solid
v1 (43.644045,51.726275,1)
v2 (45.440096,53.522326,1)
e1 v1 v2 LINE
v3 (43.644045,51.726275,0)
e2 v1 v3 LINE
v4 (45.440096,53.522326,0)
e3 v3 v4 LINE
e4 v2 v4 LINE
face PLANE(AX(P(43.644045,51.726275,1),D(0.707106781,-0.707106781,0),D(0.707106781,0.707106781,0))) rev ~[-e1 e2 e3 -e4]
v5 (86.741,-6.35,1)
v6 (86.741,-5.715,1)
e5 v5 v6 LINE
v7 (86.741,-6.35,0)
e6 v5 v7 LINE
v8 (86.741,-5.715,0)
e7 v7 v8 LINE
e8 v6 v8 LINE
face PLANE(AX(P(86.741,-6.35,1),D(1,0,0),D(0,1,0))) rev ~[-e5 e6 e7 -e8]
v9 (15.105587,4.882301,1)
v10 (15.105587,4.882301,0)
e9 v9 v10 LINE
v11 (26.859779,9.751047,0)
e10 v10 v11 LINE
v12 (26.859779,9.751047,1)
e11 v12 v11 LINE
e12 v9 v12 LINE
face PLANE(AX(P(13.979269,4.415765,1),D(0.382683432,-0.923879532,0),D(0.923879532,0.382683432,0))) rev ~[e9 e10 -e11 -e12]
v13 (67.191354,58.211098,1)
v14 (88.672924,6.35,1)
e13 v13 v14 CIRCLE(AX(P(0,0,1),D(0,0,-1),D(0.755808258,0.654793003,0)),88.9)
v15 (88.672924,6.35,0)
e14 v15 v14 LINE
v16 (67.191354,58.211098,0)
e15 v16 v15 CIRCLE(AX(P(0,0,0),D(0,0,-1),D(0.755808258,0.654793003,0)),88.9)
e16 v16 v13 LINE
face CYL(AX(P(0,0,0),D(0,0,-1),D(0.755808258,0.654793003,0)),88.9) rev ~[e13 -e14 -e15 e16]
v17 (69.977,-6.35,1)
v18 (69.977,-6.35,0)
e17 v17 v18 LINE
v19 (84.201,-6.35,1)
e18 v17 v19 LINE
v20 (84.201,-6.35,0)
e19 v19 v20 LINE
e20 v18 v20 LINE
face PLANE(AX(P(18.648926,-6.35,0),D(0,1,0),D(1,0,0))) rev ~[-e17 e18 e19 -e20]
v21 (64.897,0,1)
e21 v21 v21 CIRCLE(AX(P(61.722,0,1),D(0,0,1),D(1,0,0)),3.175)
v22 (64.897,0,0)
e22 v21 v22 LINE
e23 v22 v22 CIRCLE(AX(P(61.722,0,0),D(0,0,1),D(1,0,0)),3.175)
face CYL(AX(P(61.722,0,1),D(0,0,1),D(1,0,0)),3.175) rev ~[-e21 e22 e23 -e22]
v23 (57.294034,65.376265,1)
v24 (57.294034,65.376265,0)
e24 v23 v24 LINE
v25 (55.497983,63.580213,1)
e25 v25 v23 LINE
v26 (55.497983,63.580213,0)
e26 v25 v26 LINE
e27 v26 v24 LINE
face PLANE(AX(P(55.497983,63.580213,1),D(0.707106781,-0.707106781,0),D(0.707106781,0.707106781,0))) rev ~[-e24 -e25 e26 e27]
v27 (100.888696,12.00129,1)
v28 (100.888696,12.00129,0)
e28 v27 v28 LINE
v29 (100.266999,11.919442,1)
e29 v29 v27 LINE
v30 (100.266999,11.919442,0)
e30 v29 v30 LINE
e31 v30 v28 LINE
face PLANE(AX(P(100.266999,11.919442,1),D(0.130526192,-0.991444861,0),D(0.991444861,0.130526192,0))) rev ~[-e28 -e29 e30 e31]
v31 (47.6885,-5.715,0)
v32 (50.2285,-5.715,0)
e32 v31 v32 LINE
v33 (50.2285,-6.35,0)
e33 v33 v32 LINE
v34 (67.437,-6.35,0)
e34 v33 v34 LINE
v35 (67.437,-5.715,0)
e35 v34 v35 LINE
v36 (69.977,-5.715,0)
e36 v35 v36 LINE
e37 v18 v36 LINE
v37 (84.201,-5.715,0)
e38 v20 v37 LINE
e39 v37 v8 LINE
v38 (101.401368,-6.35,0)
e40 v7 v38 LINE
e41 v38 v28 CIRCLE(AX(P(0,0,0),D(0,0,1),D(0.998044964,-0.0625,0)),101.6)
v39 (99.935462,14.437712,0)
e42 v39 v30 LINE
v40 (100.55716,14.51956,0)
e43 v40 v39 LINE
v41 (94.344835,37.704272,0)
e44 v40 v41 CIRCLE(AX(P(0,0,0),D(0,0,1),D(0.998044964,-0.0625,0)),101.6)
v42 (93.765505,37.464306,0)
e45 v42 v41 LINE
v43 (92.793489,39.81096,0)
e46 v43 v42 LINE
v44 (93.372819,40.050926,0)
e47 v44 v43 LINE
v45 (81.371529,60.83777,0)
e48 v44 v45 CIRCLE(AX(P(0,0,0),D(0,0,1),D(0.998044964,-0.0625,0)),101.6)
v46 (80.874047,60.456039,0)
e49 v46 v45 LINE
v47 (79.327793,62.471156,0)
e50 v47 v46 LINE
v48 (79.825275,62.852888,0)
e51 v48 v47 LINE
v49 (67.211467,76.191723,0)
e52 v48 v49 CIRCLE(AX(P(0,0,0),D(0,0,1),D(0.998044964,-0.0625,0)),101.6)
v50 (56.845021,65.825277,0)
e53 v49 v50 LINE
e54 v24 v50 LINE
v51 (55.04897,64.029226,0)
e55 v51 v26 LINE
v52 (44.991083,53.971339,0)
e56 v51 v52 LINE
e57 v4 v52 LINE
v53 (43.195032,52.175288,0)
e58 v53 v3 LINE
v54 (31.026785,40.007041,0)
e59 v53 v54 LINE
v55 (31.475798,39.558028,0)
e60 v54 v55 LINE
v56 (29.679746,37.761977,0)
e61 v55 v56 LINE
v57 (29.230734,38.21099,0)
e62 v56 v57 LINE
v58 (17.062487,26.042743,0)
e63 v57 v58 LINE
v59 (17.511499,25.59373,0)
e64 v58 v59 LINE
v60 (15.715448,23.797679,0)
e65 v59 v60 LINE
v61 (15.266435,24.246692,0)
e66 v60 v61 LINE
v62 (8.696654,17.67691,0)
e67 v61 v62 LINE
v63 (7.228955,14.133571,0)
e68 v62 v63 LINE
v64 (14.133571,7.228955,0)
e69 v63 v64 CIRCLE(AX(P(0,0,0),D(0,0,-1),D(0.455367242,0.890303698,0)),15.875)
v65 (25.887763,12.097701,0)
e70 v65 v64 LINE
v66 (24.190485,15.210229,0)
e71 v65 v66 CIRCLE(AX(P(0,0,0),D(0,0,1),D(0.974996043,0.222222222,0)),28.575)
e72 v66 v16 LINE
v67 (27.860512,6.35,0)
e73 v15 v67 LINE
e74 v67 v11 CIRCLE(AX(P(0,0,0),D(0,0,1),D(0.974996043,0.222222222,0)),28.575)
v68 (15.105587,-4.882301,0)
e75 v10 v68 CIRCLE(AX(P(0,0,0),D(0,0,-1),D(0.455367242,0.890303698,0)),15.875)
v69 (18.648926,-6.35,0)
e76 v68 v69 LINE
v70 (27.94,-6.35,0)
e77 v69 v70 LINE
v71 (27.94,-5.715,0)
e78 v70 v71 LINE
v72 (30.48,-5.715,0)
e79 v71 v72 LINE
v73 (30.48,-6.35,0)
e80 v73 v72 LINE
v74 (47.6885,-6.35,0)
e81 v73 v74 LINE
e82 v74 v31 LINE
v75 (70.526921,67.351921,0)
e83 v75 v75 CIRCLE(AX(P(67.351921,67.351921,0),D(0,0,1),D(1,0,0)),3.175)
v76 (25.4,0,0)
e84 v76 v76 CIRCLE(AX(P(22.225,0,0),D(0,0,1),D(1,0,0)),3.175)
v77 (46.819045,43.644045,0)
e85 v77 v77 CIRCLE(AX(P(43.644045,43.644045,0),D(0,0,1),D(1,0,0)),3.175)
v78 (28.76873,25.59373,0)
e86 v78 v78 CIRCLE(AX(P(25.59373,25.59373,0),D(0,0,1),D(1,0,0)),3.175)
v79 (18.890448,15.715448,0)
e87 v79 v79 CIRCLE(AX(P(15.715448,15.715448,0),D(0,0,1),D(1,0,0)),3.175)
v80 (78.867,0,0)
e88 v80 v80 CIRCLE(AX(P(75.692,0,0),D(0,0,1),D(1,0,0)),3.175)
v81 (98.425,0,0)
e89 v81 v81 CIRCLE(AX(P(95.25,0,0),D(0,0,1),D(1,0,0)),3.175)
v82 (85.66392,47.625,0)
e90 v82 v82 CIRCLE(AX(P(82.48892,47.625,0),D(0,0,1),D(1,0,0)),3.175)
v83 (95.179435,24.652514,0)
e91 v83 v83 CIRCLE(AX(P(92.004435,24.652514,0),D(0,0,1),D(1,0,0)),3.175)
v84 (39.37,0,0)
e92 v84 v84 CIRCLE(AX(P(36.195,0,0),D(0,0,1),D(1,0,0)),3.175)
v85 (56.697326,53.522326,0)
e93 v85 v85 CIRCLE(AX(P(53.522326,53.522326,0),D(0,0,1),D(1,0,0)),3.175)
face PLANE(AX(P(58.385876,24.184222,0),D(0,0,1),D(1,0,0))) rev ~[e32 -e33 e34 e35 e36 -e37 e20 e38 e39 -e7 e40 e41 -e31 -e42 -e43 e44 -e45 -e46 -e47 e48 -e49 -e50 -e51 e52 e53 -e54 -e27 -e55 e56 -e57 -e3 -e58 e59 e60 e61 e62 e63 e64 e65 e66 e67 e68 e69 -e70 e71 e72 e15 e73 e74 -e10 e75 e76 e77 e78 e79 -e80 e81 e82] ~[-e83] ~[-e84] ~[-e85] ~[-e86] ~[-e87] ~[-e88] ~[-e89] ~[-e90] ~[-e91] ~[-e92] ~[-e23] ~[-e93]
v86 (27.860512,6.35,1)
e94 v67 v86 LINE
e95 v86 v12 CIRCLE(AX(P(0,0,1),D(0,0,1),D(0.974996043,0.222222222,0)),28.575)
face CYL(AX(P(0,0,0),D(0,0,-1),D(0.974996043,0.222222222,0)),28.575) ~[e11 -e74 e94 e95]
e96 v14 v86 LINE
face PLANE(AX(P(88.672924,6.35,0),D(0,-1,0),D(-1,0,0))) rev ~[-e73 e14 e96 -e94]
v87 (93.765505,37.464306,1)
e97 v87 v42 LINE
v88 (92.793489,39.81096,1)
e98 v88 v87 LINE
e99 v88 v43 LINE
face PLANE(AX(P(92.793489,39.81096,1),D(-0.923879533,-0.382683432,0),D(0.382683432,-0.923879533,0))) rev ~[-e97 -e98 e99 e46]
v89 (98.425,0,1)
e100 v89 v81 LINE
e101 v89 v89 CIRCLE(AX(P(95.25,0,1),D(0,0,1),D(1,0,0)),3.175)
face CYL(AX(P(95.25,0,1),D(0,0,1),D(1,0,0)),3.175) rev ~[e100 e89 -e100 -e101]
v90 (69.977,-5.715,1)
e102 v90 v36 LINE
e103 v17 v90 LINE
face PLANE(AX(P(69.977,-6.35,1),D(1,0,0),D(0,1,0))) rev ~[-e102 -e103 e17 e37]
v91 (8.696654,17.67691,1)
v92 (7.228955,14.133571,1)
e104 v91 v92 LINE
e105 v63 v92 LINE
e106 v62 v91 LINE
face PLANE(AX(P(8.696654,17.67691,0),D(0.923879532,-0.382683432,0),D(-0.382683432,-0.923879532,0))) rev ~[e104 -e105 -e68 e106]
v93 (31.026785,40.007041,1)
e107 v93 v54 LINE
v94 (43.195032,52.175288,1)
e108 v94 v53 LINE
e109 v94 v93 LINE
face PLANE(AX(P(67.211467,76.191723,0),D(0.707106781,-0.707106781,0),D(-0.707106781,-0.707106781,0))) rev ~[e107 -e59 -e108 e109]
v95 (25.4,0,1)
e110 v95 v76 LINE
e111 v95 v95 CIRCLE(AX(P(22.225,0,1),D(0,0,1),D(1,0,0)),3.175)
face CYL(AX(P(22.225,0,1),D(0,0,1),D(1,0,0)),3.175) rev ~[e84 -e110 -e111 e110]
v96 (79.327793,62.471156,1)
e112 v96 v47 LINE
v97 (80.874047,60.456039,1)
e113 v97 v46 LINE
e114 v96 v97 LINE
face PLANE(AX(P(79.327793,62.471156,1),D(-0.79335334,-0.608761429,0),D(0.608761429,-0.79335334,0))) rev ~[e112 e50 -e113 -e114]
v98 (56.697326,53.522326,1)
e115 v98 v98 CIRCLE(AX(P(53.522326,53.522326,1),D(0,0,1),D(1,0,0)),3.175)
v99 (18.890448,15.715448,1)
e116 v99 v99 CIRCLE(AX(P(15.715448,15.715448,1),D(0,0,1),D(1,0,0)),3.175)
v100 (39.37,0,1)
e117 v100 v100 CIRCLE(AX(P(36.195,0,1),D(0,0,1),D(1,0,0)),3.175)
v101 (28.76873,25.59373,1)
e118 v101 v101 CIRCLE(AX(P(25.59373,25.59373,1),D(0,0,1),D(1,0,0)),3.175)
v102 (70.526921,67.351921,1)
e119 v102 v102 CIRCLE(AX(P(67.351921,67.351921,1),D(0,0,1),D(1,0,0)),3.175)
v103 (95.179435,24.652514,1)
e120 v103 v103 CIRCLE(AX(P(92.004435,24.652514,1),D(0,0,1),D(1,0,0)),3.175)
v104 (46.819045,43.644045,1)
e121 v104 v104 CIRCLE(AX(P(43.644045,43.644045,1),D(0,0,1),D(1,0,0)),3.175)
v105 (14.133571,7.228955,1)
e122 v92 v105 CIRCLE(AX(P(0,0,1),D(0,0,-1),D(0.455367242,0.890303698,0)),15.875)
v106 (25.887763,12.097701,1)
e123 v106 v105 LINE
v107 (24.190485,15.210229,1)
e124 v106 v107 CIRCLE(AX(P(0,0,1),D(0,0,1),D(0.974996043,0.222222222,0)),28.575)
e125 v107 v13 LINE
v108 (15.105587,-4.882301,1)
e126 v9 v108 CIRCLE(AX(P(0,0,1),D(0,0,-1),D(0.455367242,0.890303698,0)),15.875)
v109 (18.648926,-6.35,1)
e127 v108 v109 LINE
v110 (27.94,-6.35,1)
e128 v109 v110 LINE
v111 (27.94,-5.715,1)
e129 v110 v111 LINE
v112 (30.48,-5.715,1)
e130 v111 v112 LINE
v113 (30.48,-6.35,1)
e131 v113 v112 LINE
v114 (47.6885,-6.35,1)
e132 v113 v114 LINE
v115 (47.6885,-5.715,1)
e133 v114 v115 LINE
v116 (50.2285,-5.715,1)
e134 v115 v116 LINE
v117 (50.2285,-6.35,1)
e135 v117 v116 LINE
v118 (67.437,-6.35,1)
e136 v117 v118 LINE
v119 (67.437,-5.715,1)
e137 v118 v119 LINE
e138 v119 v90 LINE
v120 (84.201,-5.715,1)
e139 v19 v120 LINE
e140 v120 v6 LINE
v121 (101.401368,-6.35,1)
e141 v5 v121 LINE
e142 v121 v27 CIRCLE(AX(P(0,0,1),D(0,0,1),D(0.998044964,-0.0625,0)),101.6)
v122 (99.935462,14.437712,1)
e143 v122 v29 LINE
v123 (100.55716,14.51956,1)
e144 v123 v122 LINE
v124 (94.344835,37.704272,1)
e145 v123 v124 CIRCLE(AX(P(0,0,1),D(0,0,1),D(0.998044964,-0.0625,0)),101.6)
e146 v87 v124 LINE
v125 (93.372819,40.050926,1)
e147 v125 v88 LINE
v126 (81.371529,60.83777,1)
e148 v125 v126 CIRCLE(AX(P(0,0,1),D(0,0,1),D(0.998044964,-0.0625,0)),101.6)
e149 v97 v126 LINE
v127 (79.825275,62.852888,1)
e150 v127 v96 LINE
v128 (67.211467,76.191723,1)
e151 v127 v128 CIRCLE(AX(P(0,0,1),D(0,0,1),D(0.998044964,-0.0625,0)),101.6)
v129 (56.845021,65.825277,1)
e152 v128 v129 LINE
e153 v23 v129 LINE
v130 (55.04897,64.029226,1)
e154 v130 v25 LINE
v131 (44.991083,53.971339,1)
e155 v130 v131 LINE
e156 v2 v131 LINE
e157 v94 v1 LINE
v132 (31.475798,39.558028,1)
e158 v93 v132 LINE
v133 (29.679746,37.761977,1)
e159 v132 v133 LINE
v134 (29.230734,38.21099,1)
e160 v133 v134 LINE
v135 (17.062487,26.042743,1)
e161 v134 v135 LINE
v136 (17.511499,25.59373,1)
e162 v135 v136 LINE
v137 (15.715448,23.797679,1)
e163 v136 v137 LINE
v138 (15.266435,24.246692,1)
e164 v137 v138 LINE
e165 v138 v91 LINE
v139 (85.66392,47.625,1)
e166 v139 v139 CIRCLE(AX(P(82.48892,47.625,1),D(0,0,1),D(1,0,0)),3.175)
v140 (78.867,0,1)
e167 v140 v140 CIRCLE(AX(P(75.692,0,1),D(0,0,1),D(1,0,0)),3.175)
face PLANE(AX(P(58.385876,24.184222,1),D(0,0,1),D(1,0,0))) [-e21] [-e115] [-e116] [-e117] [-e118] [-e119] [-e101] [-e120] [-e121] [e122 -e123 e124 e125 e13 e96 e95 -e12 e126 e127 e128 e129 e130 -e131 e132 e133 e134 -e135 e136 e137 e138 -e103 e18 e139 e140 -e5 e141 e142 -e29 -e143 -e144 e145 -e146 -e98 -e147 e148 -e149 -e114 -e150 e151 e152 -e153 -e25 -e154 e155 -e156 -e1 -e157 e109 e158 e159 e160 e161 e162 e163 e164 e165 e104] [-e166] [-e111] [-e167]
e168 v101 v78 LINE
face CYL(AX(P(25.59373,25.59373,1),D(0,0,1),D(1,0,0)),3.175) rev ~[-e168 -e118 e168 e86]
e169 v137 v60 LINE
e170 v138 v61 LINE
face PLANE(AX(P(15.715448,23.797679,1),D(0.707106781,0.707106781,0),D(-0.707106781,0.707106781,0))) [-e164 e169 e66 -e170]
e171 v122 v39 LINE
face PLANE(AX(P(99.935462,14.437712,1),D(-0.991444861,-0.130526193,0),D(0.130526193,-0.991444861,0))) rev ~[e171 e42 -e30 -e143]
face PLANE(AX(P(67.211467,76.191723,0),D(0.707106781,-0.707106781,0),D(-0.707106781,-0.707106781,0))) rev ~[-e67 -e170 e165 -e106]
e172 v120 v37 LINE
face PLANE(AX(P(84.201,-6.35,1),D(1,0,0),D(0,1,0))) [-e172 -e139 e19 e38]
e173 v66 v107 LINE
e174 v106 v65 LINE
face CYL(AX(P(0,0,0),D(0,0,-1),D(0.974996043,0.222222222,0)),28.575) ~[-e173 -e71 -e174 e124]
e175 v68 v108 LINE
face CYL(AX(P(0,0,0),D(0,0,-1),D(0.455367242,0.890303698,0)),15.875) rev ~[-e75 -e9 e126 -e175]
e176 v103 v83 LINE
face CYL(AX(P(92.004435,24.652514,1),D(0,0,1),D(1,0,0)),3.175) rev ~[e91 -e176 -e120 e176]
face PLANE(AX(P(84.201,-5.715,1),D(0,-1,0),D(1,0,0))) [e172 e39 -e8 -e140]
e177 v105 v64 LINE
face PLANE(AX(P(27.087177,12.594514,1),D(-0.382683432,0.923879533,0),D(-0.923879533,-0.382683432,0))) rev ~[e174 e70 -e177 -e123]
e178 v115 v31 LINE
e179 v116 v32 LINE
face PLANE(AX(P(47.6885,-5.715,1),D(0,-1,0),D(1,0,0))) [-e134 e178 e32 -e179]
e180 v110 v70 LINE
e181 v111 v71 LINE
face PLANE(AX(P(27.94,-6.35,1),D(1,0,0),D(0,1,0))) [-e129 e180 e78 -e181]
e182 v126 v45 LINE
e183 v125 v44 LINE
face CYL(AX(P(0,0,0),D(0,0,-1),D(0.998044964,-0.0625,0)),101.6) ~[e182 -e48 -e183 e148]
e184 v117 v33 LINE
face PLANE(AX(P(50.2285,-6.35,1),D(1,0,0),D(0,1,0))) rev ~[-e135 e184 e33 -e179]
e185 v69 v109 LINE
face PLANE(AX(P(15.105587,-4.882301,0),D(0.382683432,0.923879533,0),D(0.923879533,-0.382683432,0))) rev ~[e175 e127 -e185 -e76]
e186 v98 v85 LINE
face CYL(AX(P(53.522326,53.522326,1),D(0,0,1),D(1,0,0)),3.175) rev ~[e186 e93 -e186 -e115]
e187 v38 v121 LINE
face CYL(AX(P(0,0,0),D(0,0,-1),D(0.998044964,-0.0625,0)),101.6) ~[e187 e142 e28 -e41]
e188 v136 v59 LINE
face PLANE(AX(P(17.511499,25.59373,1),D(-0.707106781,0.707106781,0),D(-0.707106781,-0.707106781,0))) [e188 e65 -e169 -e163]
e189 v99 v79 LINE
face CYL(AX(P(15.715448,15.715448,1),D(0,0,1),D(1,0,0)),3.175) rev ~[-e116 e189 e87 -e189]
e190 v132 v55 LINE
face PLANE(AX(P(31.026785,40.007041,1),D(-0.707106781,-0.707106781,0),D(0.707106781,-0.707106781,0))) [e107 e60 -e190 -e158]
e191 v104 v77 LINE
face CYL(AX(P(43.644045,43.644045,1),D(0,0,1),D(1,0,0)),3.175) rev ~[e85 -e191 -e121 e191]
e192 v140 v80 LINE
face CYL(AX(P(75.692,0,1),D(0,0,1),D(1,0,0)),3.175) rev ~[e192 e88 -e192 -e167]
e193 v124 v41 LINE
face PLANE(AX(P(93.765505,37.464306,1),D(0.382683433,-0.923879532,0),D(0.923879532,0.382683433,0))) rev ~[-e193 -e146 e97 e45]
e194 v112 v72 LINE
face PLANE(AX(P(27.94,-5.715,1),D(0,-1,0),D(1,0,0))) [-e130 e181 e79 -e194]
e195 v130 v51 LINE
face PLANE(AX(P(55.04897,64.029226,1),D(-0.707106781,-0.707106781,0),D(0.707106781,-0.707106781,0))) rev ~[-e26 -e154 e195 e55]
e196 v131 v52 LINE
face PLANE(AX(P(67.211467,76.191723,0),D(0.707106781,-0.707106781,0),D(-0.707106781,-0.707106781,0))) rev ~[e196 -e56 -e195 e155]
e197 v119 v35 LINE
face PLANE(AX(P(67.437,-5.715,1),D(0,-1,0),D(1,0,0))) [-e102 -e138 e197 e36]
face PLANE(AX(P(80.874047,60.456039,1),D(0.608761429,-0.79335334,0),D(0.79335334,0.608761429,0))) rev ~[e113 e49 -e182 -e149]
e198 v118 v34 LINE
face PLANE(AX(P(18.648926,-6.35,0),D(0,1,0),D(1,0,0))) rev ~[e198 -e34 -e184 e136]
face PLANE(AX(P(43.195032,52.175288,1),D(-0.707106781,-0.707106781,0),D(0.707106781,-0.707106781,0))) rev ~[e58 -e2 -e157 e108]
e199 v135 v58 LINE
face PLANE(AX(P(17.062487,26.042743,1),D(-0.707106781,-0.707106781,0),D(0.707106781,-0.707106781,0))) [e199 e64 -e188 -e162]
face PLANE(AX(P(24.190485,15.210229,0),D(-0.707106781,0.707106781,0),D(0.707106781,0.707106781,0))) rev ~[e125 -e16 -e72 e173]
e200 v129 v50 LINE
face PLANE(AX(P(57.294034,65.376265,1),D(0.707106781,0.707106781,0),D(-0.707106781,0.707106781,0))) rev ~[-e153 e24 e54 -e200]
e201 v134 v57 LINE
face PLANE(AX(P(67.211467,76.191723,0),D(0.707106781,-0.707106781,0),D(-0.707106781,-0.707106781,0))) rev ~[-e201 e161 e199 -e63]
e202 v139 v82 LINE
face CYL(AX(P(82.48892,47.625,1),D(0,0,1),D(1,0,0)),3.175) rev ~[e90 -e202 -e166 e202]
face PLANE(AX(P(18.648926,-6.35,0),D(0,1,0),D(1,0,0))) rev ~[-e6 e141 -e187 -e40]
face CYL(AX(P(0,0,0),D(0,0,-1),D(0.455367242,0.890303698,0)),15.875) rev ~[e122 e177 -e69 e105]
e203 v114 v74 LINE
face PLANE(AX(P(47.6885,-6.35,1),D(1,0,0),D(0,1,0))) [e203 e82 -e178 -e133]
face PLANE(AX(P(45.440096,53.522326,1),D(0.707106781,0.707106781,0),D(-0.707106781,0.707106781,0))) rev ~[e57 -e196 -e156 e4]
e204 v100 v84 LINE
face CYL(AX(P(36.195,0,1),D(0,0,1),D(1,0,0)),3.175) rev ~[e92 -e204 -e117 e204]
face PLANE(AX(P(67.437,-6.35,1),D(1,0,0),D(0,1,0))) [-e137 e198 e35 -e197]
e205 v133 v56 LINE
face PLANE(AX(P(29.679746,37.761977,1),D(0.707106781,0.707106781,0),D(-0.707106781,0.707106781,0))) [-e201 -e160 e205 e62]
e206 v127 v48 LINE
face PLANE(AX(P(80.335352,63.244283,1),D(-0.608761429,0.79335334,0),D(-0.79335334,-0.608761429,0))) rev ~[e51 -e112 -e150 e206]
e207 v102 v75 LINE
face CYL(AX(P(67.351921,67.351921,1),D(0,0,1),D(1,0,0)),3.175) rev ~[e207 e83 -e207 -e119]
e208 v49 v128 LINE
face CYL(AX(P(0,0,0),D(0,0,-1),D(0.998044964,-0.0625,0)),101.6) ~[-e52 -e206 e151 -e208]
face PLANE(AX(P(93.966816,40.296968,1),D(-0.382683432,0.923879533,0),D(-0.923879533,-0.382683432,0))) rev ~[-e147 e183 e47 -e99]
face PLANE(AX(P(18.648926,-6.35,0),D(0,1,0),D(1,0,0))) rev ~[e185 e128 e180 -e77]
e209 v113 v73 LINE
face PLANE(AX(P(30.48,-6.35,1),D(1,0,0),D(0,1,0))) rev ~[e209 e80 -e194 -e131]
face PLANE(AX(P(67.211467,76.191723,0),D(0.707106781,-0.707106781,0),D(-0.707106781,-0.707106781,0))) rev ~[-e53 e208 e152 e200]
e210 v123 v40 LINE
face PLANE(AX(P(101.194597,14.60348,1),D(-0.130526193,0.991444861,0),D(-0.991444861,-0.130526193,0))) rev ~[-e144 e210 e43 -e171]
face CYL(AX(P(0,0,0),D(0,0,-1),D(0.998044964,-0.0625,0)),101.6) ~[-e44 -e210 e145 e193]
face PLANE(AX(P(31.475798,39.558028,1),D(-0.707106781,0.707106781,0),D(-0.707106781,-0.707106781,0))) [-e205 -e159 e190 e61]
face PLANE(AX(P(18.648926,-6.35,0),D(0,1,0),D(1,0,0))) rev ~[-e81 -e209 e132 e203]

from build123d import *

# Parameters (mm, degrees)
BOSS_EXTRUDE1_DEPTH = 1
SKETCH2_R           = 3.175
CUT_EXTRUDE1_DEPTH  = 2
SKETCH3_W           = 2.54
SKETCH3_H           = 0.635
CUT_EXTRUDE2_DEPTH  = 2


with BuildPart() as part:
    # Sketch1 → Boss-Extrude1 (new body)
    with BuildSketch(Plane.XY):
        with BuildLine():
            Line((67.21146711, 76.191723231), (8.696654013, 17.676910134))
            Line((8.696654013, 17.676910134), (7.228954972, 14.133571205))
            ThreePointArc((7.228954972, 14.133571205), (14.666587579, 6.075099489), (15.105587123, -4.88230096))
            Line((15.105587123, -4.88230096), (18.648926052, -6.35))
            Line((18.648926052, -6.35), (101.401368334, -6.35))
            ThreePointArc((101.401368334, -6.35), (93.866160503, 38.880636728), (67.21146711, 76.191723231))
        make_face()
        with BuildLine():
            Line((88.672924278, 6.35), (27.86051193, 6.35))
            ThreePointArc((27.86051193, 6.35), (26.399857642, 10.93517908), (24.190484974, 15.210228852))
            Line((24.190484974, 15.210228852), (67.191354125, 58.211098004))
            ThreePointArc((67.191354125, 58.211098004), (82.13289044, 34.020557137), (88.672924278, 6.35))
        make_face(mode=Mode.SUBTRACT)
    extrude(amount=BOSS_EXTRUDE1_DEPTH)

    # Sketch2 → Cut-Extrude1 (cut, through all)
    with BuildSketch(Plane.XY.offset(1)):
        with Locations((22.225, 0)):
            Circle(SKETCH2_R)
        with Locations((36.195, 0)):
            Circle(SKETCH2_R)
        with Locations((61.722, 0)):
            Circle(SKETCH2_R)
        with Locations((75.692, 0)):
            Circle(SKETCH2_R)
        with Locations((95.25, 0)):
            Circle(SKETCH2_R)
        with Locations((15.715448212, 15.715448212)):
            Circle(SKETCH2_R)
        with Locations((25.593729945, 25.593729945)):
            Circle(SKETCH2_R)
        with Locations((43.644044748, 43.644044748)):
            Circle(SKETCH2_R)
        with Locations((53.522326482, 53.522326482)):
            Circle(SKETCH2_R)
        with Locations((92.004434954, 24.652514046)):
            Circle(SKETCH2_R)
        with Locations((82.48891971, 47.625)):
            Circle(SKETCH2_R)
        with Locations((67.351920908, 67.351920908)):
            Circle(SKETCH2_R)
    extrude(amount=-CUT_EXTRUDE1_DEPTH, mode=Mode.SUBTRACT)

    # Sketch3 → Cut-Extrude2 (cut, through all)
    with BuildSketch(Plane.XY.offset(1)):
        Polygon((15.266435406, 24.246691527), (17.06248663, 26.042742751), (17.511499436, 25.593729945), (15.715448212, 23.797678721), align=None)
        Polygon((44.991083167, 53.971339288), (43.195031942, 52.175288063), (43.644044748, 51.726275257), (45.440095973, 53.522326482), align=None)
        with Locations((29.21, -6.0325)):
            Rectangle(SKETCH3_W, SKETCH3_H)
        with Locations((68.707, -6.0325)):
            Rectangle(SKETCH3_W, SKETCH3_H)
        Polygon((29.230733674, 38.210989795), (31.026784898, 40.007041019), (31.475797704, 39.558028213), (29.67974648, 37.761976989), align=None)
        Polygon((56.845021246, 65.825277367), (55.048970022, 64.029226143), (55.497982828, 63.580213337), (57.294034052, 65.376264561), align=None)
        with Locations((48.9585, -6.0325)):
            Rectangle(SKETCH3_W, SKETCH3_H)
        with Locations((85.471, -6.0325)):
            Rectangle(SKETCH3_W, SKETCH3_H)
        Polygon((99.935462164, 14.437711971), (100.266998693, 11.919442024), (101.526133667, 12.085210288), (101.194597138, 14.603480236), align=None)
        Polygon((93.765504959, 37.464305742), (94.938831965, 37.950313702), (93.966816047, 40.296967714), (92.793489041, 39.810959755), align=None)
        Polygon((79.327792988, 62.471156422), (80.874047017, 60.456038938), (81.88160576, 61.229165953), (80.33535173, 63.244283437), align=None)
        Polygon((13.979268531, 4.415764523), (28.059192607, 10.247860033), (27.087176689, 12.594514045), (13.007252613, 6.762418536), align=None)
    extrude(amount=-CUT_EXTRUDE2_DEPTH, mode=Mode.SUBTRACT)


solid = part.part
